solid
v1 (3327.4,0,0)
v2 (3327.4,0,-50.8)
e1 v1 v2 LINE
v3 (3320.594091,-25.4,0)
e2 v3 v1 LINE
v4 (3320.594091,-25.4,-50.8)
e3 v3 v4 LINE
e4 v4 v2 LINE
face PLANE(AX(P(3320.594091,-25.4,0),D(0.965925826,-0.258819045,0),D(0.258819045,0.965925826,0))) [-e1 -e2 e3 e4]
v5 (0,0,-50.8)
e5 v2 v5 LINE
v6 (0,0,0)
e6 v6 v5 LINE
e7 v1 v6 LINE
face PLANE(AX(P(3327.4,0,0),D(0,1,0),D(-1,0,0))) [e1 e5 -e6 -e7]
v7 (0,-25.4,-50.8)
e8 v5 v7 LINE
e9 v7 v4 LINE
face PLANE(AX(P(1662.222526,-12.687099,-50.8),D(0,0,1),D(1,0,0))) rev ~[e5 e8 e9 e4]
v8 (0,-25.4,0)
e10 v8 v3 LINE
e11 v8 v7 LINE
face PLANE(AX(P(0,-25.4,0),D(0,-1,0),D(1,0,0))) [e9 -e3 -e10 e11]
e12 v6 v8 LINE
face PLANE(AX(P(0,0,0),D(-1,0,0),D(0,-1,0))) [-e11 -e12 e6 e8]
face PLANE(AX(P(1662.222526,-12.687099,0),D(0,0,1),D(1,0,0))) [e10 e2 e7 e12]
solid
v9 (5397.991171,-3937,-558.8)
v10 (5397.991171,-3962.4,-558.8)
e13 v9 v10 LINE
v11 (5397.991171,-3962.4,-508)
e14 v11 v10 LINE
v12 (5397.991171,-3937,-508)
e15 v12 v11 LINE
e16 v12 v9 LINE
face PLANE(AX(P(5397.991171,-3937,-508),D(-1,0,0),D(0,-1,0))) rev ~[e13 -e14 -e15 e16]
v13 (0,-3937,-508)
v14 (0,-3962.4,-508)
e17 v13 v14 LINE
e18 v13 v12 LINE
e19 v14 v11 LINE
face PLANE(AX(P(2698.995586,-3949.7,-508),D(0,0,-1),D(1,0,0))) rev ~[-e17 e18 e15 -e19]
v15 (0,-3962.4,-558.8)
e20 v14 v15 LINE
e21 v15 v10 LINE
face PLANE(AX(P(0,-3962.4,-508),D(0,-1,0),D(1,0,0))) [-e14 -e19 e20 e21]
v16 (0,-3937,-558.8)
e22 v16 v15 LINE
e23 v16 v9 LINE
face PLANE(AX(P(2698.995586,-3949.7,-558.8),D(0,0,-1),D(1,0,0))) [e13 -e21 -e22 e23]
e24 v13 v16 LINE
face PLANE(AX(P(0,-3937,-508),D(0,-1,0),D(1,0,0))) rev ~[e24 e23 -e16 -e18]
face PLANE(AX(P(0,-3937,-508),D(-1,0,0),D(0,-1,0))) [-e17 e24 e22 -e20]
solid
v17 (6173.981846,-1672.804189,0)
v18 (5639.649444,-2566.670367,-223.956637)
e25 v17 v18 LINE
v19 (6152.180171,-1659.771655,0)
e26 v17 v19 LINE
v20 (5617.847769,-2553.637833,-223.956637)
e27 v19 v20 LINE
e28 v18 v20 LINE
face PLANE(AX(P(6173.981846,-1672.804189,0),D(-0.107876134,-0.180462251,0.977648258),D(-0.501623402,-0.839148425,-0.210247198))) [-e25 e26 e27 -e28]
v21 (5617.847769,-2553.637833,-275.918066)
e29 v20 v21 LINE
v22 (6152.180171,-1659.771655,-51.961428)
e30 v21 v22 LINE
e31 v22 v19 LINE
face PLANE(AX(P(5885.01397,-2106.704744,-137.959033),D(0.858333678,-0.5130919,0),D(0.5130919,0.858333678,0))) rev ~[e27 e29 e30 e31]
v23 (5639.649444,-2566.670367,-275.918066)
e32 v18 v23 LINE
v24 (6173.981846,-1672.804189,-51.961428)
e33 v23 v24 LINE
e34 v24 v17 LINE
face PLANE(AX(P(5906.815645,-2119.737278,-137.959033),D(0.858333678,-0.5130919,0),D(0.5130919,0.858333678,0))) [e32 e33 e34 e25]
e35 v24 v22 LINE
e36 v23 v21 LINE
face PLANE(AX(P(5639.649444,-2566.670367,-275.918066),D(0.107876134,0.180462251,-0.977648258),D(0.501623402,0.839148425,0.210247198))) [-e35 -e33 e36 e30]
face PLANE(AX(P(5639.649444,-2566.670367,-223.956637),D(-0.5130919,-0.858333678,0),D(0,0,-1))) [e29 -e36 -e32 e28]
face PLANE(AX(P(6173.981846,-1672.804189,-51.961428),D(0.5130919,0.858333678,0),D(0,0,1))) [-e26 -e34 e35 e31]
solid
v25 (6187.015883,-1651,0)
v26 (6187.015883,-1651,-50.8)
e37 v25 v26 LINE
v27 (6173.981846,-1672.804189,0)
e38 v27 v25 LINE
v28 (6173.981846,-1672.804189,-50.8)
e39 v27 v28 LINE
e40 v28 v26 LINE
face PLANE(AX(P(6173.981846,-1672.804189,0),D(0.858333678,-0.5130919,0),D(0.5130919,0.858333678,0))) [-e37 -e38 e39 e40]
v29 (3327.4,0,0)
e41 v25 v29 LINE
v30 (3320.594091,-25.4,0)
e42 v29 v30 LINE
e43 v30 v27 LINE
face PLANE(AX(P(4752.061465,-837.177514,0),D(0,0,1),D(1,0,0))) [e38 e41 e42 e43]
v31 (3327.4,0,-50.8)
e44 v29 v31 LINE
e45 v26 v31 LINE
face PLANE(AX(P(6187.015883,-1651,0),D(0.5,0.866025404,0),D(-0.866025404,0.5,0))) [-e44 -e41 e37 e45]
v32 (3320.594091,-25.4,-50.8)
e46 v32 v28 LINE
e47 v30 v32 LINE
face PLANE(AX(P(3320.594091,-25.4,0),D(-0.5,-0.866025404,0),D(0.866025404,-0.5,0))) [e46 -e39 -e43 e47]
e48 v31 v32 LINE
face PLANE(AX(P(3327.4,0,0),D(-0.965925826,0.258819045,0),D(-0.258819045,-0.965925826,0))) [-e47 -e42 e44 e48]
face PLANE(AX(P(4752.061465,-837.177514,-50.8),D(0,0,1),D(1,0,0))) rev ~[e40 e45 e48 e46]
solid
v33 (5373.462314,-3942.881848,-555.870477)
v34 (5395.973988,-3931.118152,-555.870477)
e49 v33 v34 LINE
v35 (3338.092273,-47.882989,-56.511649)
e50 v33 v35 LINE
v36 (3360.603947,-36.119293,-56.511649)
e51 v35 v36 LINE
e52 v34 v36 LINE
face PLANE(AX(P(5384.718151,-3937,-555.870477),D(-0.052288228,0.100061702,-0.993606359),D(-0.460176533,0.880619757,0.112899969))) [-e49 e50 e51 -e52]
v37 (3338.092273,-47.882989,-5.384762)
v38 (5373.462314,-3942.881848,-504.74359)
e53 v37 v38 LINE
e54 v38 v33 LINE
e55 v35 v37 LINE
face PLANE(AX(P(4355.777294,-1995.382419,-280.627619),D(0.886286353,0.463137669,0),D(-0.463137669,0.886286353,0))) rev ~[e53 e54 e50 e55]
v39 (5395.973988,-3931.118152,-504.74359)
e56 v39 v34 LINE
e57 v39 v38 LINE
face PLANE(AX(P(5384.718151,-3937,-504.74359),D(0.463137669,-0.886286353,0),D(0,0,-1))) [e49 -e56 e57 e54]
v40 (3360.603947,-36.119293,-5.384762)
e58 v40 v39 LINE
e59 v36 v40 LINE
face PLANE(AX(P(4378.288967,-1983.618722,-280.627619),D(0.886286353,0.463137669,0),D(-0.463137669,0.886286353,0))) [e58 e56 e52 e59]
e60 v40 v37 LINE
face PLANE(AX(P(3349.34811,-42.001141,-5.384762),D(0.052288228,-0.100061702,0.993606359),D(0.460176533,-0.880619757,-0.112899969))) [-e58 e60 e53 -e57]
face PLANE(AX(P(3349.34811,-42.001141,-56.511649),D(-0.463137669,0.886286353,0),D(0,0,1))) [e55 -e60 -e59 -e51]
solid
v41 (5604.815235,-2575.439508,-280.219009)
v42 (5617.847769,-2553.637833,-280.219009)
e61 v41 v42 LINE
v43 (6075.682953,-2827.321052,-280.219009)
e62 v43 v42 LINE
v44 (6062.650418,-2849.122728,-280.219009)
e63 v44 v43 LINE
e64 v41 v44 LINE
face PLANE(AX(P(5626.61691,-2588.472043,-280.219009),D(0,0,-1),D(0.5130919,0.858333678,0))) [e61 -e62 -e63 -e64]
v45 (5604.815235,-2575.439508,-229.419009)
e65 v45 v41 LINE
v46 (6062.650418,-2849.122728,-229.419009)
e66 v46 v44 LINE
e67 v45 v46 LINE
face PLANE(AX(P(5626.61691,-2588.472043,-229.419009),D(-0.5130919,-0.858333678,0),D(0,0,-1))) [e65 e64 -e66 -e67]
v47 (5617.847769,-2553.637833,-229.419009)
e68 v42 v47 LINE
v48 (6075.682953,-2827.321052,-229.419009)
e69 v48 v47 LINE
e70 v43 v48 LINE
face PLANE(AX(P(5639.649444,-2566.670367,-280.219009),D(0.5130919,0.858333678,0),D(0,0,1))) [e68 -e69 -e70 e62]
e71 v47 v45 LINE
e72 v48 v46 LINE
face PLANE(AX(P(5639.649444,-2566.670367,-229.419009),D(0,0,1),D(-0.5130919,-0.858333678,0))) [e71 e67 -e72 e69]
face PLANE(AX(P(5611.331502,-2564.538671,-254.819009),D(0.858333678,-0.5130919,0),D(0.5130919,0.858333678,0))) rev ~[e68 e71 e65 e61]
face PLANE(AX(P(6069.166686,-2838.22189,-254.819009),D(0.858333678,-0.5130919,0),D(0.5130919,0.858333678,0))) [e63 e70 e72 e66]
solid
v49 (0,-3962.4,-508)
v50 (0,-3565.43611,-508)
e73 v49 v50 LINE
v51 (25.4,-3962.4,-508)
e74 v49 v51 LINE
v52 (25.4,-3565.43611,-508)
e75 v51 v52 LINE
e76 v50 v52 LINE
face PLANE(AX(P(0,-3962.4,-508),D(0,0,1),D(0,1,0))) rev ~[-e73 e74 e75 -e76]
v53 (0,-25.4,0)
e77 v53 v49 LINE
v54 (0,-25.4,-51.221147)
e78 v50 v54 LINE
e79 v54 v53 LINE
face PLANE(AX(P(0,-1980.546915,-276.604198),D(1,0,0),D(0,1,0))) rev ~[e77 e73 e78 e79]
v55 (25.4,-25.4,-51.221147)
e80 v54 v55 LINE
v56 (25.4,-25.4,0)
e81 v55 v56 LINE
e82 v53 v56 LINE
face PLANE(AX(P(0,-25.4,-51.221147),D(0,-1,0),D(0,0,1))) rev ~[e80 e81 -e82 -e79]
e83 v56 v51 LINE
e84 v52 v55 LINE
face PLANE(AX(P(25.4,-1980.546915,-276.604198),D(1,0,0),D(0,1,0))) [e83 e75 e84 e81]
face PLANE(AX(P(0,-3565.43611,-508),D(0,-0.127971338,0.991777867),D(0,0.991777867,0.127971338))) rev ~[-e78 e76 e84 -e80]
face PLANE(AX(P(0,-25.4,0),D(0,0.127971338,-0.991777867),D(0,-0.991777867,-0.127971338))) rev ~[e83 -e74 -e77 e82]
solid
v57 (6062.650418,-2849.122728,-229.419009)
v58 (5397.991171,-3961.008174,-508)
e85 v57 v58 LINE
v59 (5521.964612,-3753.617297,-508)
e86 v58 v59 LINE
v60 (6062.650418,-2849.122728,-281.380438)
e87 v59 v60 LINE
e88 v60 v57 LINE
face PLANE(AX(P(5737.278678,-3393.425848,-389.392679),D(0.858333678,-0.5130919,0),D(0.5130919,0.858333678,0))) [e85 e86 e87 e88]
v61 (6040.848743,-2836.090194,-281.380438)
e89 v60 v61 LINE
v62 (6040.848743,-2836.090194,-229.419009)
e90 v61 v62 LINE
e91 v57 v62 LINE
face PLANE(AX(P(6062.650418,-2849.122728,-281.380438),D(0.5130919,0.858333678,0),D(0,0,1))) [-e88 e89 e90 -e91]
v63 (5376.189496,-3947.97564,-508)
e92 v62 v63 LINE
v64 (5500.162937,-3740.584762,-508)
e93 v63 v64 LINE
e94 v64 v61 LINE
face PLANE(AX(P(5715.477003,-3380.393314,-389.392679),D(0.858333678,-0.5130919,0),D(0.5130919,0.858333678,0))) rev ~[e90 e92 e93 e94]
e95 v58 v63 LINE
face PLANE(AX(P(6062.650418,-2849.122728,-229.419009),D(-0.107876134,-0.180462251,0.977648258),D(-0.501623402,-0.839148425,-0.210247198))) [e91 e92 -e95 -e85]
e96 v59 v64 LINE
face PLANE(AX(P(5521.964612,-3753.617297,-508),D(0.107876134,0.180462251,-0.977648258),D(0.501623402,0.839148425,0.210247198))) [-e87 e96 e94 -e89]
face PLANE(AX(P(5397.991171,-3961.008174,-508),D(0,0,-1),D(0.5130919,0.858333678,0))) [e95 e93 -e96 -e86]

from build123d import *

# Parameters (mm, degrees)
F1_DEPTH       = 50.8
F2_DEPTH       = 50.8
F4_DEPTH       = 25.4
F6_DEPTH       = 25.4
F7_DEPTH       = 508
F7_DEPTH_BACK  = 25.4
F9_DEPTH       = 25.4
F10_W          = 5397.9911712282
F10_H          = 25.4
F11_DEPTH      = 50.8
F14_DEPTH      = 12.7
F14_DEPTH_BACK = 12.7


with BuildPart() as f1:
    # F0 (on Top) → F1 (new body)
    with BuildSketch(Plane.XY):
        Polygon((3327.4, 0), (0, 0), (0, -25.4), (3320.5940905122, -25.4), align=None)
    extrude(amount=-F1_DEPTH)


with BuildPart() as f2:
    # F0 (on Top) → F2 (new body)
    with BuildSketch(Plane.XY):
        Polygon((6187.0158832962, -1651), (3327.4, 0), (3320.5940905122, -25.4), (6173.9818464705, -1672.8041890049), align=None)
    extrude(amount=-F2_DEPTH)


with BuildPart() as f4:
    # F3 (on Right) → F4 (new body)
    with BuildSketch(Plane.YZ):
        Polygon((-25.4, -50.8), (-25.4, 0), (-3962.4, -508), (-3565.4361099546, -508), (-25.4, -51.2211471026), align=None)
    extrude(amount=F4_DEPTH)


with BuildPart() as f6:
    # F5 (on face) → F6 (new body)
    with BuildSketch(Plane(origin=(5285.3087772257, -3159.43460324, 0), x_dir=(0.5130918999, 0.8583336777, 0), z_dir=(0.8583336777, -0.5130918999, 0))):
        Polygon((1731.9959043052, -50.8), (1731.9959043052, 0), (690.598832761, -223.9566371144), (690.598832761, -229.4190094775), (690.598832761, -275.9180655718), (1731.9959043052, -51.9614284574), align=None)
    extrude(amount=-F6_DEPTH)


with BuildPart() as f7:
    # F5 (on face) → F7 (new body, two sides)
    with BuildSketch(Plane(origin=(5285.3087772257, -3159.43460324, 0), x_dir=(0.5130918999, 0.8583336777, 0), z_dir=(0.8583336777, -0.5130918999, 0))) as f7_sk:
        Polygon((690.598832761, -275.9180655718), (690.598832761, -229.4190094775), (665.198832761, -229.4190094775), (665.198832761, -280.2190094775), (690.598832761, -280.2190094775), align=None)
    extrude(amount=F7_DEPTH)
    extrude(f7_sk.sketch, amount=-F7_DEPTH_BACK)


with BuildPart() as f9:
    # F8 (on face) → F9 (new body)
    with BuildSketch(Plane(origin=(5721.3422854773, -3420.0852884144, 0), x_dir=(0.5130918999, 0.8583336777, 0), z_dir=(0.8583336777, -0.5130918999, 0))):
        Polygon((665.198832761, -281.380437935), (665.198832761, -229.4190094775), (-630.201167239, -508), (-388.5808244528, -508), align=None)
    extrude(amount=-F9_DEPTH)


with BuildPart() as f11:
    # F10 (on face) → F11 (new body)
    with BuildSketch(Plane(origin=(0, 0, -508), x_dir=(1, 0, 0), z_dir=(0, 0, -1))):
        with Locations((2698.9955856141, 3949.7)):
            Rectangle(F10_W, F10_H)
    extrude(amount=F11_DEPTH)


with BuildPart() as f14:
    # F13 (on 3pt) → F14 (new body, two sides)
    with BuildSketch(Plane(origin=(2613.6843455731, 1365.8065138101, 0), x_dir=(-0.4631376686, 0.8862863532, 0), z_dir=(0.8862863532, 0.4631376686, 0))) as f14_sk:
        Polygon((-5983.1751832259, -504.7435897436), (-5983.1751832259, -555.8704766939), (-1588.4343132242, -56.5116486151), (-1588.4343132242, -5.3847616647), align=None)
    extrude(amount=F14_DEPTH)
    extrude(f14_sk.sketch, amount=-F14_DEPTH_BACK)


solid = Compound([f1.part, f2.part, f4.part, f6.part, f7.part, f9.part, f11.part, f14.part])
